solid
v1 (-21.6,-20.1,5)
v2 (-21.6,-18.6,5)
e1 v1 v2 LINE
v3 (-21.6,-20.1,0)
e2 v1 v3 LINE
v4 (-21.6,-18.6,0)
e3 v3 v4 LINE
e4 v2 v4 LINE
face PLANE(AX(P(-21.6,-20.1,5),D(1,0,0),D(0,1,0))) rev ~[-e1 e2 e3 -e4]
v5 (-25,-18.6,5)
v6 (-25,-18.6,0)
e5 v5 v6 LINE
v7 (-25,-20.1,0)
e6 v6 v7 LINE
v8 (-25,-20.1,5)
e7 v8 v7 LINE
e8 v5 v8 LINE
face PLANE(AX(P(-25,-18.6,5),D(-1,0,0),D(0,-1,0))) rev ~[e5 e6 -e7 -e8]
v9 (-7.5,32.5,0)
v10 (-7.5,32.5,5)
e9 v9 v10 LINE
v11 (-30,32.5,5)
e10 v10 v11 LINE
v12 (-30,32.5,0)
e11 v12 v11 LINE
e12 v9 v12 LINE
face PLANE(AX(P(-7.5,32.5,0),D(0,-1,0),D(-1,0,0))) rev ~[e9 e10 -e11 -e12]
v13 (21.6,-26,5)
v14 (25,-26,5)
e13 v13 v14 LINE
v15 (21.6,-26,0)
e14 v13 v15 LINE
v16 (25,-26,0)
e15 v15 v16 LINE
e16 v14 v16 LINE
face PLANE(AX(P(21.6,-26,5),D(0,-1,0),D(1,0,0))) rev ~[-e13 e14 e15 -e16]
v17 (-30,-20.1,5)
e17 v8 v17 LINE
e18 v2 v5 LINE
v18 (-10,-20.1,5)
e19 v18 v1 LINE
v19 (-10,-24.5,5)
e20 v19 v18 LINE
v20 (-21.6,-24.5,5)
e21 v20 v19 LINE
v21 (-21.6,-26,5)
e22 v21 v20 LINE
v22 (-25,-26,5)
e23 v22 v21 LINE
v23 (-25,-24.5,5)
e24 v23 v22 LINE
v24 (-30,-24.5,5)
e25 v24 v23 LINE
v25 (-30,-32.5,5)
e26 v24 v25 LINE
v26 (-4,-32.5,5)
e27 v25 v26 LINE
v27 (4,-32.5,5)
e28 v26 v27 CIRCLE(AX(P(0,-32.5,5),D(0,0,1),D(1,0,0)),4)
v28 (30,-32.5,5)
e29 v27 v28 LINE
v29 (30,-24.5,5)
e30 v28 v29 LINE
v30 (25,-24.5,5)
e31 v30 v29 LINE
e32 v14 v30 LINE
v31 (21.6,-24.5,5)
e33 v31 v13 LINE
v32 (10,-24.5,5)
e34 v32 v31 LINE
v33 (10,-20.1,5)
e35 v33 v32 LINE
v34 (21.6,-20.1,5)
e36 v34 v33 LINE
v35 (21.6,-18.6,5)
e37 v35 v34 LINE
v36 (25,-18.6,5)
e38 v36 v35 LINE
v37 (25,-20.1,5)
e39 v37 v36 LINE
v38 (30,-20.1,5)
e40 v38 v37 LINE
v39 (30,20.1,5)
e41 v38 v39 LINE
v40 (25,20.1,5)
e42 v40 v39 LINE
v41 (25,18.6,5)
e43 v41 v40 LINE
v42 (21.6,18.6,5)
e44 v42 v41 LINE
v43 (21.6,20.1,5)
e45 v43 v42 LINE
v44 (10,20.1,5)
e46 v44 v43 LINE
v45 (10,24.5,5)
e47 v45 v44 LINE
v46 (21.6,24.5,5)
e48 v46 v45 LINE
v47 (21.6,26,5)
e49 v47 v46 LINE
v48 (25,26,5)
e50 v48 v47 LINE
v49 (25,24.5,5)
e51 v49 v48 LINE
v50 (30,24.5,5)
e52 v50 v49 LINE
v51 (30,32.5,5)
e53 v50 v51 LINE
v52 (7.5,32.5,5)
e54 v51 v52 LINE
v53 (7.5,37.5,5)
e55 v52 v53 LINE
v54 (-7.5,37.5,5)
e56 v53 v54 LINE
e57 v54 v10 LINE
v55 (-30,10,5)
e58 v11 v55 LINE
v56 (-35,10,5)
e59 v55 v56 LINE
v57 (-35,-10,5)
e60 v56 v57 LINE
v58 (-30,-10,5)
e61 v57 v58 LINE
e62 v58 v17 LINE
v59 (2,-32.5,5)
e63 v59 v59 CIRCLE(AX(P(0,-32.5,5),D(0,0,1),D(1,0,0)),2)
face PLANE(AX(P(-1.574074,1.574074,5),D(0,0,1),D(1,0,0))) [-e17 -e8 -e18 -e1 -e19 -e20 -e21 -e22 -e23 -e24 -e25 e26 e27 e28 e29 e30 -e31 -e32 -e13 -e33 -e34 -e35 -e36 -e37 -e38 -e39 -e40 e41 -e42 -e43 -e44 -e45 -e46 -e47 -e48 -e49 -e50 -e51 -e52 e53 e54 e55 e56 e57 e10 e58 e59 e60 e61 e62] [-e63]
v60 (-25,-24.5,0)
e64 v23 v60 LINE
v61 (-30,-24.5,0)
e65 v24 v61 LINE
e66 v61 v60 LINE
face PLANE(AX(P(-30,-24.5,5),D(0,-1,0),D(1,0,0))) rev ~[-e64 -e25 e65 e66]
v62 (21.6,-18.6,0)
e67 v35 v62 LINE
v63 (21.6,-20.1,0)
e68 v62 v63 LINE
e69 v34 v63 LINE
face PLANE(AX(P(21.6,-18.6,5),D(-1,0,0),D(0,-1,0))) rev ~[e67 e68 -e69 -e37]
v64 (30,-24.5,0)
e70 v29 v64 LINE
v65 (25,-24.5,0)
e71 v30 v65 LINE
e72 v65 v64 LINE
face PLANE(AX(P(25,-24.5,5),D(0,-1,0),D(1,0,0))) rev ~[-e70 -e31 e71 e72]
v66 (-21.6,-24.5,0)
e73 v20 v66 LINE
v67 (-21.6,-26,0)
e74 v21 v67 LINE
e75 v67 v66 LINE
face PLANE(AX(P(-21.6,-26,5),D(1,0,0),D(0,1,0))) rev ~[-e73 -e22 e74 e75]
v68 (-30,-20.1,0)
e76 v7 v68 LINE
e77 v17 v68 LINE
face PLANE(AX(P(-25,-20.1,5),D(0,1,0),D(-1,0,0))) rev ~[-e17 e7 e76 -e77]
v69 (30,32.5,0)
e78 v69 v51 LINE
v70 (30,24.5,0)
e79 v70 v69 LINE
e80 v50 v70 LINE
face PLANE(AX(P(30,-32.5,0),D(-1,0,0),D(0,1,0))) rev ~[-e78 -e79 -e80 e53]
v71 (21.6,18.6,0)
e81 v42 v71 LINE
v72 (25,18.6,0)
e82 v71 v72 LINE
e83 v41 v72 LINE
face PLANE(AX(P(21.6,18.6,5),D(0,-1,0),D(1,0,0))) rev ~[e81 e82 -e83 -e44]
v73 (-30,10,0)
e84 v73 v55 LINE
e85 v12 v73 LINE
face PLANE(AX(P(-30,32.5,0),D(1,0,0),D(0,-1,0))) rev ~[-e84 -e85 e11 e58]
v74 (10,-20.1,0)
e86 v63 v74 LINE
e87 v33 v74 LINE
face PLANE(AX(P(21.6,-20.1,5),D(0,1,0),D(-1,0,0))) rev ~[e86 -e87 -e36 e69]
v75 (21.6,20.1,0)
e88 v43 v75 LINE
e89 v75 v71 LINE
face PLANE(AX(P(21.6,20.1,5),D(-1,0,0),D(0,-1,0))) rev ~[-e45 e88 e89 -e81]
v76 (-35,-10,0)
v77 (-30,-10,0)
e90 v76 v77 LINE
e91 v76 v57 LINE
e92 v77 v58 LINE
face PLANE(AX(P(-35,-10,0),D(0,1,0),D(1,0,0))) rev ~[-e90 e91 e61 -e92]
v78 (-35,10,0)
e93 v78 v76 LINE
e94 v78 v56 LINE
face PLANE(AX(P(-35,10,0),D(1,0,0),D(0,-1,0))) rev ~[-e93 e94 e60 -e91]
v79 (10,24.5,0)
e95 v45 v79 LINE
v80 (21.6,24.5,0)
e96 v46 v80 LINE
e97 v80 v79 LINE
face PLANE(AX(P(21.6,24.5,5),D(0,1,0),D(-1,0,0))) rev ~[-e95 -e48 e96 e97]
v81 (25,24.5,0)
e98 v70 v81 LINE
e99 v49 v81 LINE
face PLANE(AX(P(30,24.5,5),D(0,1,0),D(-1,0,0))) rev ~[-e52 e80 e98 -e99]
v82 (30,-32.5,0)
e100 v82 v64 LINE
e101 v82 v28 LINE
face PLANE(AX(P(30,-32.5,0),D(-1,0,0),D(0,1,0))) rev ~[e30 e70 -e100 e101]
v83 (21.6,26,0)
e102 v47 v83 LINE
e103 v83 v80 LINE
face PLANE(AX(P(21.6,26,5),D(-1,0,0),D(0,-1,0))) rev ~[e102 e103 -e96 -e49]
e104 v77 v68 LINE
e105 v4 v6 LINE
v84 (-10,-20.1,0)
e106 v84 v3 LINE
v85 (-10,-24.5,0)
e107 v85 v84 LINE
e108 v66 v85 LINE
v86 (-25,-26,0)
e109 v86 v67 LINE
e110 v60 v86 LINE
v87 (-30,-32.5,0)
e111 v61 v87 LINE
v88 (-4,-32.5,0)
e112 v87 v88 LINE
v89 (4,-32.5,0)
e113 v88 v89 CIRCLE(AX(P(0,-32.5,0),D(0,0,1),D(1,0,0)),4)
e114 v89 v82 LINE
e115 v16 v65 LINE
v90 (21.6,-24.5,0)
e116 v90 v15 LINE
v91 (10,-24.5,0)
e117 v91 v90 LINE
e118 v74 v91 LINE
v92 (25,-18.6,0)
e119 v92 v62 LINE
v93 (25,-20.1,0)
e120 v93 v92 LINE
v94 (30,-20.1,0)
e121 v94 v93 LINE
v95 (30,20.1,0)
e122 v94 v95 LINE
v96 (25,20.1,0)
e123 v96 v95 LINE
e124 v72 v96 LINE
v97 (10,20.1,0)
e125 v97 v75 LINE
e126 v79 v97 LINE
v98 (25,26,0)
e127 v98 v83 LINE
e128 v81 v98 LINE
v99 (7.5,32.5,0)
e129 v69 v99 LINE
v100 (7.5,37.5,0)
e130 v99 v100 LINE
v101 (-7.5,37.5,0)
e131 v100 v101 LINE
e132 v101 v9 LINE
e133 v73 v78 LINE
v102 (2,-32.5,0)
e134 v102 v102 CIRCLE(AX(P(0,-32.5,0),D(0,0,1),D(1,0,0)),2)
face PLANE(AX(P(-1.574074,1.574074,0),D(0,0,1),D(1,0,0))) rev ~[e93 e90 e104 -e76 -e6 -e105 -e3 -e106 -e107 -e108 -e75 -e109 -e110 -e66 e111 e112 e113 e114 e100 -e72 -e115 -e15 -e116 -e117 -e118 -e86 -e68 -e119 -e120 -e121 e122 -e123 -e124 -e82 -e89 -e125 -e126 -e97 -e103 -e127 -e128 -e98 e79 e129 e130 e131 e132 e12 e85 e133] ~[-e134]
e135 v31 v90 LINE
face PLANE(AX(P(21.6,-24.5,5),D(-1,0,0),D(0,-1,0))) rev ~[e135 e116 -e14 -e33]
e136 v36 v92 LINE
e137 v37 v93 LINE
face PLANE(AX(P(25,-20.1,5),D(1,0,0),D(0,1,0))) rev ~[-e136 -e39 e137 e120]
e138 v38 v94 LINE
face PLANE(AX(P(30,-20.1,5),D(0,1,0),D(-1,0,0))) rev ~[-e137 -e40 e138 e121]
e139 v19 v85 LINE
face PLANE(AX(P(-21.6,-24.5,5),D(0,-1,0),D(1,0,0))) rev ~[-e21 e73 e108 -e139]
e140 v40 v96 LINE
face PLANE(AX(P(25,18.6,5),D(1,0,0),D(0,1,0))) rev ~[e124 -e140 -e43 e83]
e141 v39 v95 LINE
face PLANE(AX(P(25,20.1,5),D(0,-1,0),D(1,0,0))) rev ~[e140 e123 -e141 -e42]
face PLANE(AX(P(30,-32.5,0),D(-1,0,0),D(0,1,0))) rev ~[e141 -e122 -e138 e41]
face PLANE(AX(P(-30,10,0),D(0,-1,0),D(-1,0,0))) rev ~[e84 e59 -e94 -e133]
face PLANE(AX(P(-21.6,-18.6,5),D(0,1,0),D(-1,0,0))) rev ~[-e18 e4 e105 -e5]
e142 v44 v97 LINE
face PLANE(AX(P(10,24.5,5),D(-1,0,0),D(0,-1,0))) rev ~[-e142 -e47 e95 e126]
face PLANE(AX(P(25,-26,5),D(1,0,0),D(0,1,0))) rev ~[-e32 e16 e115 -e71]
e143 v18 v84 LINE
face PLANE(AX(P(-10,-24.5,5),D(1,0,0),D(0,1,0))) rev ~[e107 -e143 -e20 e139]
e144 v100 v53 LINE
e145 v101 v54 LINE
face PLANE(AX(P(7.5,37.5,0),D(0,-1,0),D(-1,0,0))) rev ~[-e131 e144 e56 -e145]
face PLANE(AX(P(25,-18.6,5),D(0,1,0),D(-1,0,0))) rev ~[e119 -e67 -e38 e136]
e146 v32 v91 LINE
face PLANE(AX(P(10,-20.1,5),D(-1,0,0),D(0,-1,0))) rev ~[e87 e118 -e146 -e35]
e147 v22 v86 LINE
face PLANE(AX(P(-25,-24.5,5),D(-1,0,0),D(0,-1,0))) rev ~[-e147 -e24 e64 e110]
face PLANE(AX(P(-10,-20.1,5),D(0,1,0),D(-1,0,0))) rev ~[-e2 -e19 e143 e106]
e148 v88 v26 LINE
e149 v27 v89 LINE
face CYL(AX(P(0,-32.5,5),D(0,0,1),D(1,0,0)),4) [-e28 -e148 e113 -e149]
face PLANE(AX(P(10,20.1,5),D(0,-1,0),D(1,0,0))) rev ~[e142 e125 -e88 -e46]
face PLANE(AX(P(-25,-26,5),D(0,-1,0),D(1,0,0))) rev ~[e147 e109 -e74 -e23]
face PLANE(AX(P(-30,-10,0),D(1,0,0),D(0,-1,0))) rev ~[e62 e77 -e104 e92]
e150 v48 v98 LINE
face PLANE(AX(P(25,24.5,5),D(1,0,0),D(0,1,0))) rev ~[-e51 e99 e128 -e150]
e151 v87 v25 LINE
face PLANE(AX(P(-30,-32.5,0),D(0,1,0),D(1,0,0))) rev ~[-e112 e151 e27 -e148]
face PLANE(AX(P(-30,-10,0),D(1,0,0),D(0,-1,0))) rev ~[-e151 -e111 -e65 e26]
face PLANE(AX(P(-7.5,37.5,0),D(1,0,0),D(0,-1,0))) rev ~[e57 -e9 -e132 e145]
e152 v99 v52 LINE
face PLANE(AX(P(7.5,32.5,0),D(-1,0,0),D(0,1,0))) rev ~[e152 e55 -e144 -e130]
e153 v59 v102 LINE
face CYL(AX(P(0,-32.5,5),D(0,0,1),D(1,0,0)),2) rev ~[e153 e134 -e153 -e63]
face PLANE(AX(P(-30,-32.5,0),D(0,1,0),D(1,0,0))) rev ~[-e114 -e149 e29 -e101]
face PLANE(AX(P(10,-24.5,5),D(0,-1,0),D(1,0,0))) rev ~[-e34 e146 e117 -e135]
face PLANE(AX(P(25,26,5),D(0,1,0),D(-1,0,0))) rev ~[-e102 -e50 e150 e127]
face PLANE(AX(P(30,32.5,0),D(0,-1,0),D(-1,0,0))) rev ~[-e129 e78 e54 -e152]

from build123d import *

# Parameters (mm, degrees)
BOSS_EXTRUDE1_DEPTH = 5
CUT_EXTRUDE1_DEPTH  = 5
SKETCH10_R          = 4
SKETCH10_R_2        = 2
BOSS_EXTRUDE3_DEPTH = 5
SKETCH11_R          = 2
CUT_EXTRUDE3_DEPTH  = 5


with BuildPart() as part:
    # Sketch1 → Boss-Extrude1 (new body)
    with BuildSketch(Plane.XY):
        Polygon((7.5, 32.5), (7.5, 37.5), (-7.5, 37.5), (-7.5, 32.5), (-30, 32.5), (-30, 10), (-35, 10), (-35, -10), (-30, -10), (-30, -32.5), (30, -32.5), (30, 32.5), align=None)
    extrude(amount=BOSS_EXTRUDE1_DEPTH)

    # Sketch3 → Cut-Extrude1 (cut)
    with BuildSketch(Plane.XY.offset(5)):
        Polygon((30, 24.5), (25, 24.5), (25, 26), (21.6, 26), (21.6, 24.5), (10, 24.5), (10, 20.1), (21.6, 20.1), (21.6, 18.6), (25, 18.6), (25, 20.1), (30, 20.1), align=None)
        Polygon((30, -24.5), (30, -20.1), (25, -20.1), (25, -18.6), (21.6, -18.6), (21.6, -20.1), (10, -20.1), (10, -24.5), (21.6, -24.5), (21.6, -26), (25, -26), (25, -24.5), align=None)
        Polygon((-30, -24.5), (-25, -24.5), (-25, -26), (-21.6, -26), (-21.6, -24.5), (-10, -24.5), (-10, -20.1), (-21.6, -20.1), (-21.6, -18.6), (-25, -18.6), (-25, -20.1), (-30, -20.1), align=None)
    extrude(amount=-CUT_EXTRUDE1_DEPTH, mode=Mode.SUBTRACT)

    # Sketch10 → Boss-Extrude3 (add)
    with BuildSketch(Plane.XY.offset(5)):
        with Locations((0, -32.5)):
            Circle(SKETCH10_R)
        with Locations((0, -32.5)):
            Circle(SKETCH10_R_2, mode=Mode.SUBTRACT)
    extrude(amount=-BOSS_EXTRUDE3_DEPTH)

    # Sketch11 → Cut-Extrude3 (cut)
    with BuildSketch(Plane.XY.offset(5)):
        with Locations((0, -32.5)):
            Circle(SKETCH11_R)
    extrude(amount=-CUT_EXTRUDE3_DEPTH, mode=Mode.SUBTRACT)


solid = part.part
